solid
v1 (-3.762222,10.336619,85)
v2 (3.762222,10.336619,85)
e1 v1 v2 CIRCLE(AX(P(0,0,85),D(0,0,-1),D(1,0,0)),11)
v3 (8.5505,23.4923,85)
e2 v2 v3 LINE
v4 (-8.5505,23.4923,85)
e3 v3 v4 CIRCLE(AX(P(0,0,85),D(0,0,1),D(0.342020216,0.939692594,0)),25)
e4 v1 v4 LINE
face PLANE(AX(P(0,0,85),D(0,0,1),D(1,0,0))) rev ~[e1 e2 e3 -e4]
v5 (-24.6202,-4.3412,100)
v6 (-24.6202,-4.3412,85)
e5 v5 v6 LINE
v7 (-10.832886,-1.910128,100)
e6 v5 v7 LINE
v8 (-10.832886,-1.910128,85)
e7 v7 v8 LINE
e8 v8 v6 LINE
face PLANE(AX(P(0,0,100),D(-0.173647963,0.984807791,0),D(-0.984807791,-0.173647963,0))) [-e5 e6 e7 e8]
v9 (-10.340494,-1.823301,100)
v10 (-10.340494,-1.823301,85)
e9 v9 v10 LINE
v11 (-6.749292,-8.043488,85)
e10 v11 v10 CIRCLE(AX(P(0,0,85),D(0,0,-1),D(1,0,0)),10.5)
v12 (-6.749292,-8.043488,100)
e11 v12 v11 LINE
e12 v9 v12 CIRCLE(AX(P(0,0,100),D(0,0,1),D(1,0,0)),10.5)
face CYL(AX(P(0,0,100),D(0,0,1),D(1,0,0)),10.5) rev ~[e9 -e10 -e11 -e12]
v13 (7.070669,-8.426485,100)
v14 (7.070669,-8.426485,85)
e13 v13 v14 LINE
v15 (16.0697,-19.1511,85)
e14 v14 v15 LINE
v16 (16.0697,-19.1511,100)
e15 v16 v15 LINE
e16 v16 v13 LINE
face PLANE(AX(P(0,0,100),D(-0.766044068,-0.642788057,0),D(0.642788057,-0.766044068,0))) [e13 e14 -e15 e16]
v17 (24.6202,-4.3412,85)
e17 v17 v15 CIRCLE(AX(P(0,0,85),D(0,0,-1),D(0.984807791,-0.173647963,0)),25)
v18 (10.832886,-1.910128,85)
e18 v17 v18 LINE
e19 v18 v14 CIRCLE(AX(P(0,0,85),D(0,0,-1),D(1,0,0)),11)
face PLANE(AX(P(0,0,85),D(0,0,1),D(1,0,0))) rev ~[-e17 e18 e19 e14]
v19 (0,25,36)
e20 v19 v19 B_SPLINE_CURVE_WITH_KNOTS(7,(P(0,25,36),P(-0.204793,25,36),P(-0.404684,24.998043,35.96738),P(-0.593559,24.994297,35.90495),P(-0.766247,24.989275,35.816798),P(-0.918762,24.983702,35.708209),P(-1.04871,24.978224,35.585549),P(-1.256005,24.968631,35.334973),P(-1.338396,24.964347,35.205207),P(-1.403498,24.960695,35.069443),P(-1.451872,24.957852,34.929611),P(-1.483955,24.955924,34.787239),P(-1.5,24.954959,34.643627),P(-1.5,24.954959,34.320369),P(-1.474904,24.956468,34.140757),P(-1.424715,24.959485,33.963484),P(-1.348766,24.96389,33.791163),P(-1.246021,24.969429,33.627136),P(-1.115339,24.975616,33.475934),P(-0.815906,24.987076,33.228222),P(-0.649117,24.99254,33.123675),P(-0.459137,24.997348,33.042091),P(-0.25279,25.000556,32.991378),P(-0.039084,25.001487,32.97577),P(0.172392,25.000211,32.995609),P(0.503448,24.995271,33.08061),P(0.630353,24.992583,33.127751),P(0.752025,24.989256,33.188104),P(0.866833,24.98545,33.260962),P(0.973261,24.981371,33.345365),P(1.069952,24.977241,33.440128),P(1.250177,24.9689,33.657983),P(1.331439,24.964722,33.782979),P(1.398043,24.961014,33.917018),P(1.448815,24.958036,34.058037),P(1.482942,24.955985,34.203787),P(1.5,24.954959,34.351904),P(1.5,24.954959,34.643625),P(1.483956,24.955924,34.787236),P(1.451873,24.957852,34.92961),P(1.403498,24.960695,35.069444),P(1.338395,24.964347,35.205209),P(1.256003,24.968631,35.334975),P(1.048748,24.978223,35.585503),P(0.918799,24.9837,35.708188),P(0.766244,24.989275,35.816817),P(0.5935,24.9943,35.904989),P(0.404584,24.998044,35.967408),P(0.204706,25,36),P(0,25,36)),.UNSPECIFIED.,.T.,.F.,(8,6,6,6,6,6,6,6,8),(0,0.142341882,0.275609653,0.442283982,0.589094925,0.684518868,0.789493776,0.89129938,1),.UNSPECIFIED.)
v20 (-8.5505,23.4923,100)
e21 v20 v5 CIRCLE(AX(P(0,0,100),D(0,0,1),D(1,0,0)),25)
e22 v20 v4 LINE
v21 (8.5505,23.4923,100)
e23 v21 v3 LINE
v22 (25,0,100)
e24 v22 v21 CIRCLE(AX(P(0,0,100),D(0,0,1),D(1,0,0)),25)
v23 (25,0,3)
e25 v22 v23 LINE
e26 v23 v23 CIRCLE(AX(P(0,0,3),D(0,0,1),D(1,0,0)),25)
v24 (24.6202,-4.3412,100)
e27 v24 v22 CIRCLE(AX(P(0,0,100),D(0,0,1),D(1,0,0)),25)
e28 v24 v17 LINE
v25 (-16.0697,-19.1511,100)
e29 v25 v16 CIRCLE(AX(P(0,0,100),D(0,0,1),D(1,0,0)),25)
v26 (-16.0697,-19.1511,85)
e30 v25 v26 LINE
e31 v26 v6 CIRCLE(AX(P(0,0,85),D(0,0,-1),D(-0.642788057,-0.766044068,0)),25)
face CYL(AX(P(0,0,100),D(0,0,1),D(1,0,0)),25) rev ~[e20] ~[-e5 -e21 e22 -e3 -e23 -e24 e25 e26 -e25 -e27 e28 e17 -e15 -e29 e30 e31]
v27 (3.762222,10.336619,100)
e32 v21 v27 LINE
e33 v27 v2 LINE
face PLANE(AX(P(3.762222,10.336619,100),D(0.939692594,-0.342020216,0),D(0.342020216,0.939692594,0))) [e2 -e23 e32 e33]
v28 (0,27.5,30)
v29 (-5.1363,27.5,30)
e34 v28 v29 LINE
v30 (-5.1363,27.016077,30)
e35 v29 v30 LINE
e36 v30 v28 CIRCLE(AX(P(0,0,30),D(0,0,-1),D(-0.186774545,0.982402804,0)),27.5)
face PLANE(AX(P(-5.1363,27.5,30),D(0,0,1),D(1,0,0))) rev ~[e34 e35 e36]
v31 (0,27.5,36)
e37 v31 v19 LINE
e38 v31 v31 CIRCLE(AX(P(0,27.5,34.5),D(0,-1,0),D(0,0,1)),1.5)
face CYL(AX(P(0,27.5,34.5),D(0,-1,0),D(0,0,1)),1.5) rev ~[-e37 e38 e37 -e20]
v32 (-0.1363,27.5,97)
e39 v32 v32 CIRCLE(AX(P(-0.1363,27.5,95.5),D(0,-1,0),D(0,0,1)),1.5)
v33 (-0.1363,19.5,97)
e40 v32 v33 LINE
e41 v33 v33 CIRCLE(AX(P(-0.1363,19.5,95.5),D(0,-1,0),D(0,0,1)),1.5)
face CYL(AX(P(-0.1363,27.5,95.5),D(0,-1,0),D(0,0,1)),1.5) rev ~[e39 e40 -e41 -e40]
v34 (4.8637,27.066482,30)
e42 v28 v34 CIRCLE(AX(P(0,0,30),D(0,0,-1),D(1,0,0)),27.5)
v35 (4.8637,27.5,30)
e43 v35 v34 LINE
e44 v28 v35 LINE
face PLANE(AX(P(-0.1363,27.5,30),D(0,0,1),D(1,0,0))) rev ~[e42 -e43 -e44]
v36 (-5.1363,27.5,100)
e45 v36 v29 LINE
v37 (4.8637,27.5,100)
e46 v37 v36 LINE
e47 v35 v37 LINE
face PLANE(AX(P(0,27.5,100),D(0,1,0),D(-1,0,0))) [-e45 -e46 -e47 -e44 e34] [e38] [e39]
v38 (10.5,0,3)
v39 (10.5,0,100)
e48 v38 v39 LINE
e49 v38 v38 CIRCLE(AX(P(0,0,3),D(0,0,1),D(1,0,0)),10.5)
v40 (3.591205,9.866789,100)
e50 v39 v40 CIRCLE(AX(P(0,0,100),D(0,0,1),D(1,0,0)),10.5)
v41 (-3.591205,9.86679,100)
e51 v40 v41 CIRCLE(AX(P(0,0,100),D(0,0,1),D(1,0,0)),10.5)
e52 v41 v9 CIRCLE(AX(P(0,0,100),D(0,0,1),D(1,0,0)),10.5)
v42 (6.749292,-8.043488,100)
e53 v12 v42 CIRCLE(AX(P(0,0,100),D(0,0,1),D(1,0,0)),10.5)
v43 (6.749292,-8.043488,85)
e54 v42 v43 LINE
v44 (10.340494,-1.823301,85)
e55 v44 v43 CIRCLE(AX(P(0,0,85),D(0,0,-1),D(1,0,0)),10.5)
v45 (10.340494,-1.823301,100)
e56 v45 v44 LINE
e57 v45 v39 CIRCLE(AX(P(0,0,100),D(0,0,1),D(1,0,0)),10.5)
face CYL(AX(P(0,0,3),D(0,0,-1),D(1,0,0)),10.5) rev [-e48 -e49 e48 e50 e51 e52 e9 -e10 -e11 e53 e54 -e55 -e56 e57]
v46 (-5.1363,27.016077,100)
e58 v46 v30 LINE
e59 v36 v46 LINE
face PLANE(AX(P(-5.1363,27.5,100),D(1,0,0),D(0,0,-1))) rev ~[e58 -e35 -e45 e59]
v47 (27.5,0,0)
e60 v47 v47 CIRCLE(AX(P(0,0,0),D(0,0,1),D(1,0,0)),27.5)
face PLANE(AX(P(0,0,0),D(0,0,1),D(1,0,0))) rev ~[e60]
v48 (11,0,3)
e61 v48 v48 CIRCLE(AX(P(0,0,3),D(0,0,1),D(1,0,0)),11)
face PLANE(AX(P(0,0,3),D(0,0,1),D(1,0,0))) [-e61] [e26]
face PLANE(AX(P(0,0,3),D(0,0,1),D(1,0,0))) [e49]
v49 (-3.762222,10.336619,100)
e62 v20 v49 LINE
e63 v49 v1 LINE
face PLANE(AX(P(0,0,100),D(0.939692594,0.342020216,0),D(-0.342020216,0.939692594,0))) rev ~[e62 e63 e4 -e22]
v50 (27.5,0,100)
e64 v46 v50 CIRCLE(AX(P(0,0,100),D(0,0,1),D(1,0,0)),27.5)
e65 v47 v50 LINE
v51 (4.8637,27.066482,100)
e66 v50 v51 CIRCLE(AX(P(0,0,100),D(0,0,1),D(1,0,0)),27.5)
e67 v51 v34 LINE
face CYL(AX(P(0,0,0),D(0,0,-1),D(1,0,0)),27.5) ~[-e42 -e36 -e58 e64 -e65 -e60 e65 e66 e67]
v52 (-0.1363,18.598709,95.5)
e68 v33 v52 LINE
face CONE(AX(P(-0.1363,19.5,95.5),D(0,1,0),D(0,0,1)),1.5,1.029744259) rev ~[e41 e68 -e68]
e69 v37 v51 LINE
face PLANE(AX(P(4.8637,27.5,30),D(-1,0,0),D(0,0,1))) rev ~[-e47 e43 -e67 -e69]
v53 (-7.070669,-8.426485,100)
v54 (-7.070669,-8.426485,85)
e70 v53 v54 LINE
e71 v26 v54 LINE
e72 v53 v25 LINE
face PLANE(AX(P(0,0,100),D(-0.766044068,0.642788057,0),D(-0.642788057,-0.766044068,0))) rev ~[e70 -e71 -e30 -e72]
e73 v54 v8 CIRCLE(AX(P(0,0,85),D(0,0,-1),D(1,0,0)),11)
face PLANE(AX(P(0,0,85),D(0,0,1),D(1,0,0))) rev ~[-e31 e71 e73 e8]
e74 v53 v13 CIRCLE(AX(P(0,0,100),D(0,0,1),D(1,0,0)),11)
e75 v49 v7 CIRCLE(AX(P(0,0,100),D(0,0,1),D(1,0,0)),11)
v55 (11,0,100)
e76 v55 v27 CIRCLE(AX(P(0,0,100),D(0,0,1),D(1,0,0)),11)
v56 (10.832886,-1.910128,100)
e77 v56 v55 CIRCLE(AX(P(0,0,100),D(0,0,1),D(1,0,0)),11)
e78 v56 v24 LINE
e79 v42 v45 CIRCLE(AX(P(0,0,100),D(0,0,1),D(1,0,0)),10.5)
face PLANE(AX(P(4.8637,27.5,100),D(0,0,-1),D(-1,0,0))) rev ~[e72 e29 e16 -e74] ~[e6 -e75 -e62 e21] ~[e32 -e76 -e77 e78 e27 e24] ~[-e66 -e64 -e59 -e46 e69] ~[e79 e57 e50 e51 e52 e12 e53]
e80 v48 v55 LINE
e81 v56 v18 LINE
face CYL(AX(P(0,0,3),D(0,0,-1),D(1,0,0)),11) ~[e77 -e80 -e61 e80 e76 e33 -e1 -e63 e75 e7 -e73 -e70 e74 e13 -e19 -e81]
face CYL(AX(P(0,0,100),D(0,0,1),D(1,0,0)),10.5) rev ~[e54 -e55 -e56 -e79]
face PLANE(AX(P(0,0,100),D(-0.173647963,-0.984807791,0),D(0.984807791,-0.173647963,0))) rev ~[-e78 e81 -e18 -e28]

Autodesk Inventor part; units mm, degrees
ref_plane "YZ Plane" through (0, 0, 0) normal (1, 0, 0) x (0, 1, 0)
ref_plane "XZ Plane" through (0, 0, 0) normal (0, 1, 0) x (-1, 0, 0)
ref_plane "XY Plane" through (0, 0, 0) normal (0, 0, 1) x (1, 0, 0)
sketch "スケッチ1" plane through (0, 0, 0) normal (0, 0, 1) x (1, 0, 0)
  circle A0 centre (0, 0) radius 27.5
  dimension "d0" = 55
extrude "押し出し1" add sketch "スケッチ1" along normal blind 100
sketch "スケッチ2" plane through (0, 0, 100) normal (0, 0, 1) x (1, 0, 0)
  circle A0 centre (0, 0) radius 27.5 projected
  circle A1 centre (0, 0) radius 25
  dimension "d3" = 50
extrude "押し出し2" cut sketch "スケッチ2" against normal blind 97 contours A1
sketch "スケッチ3" plane through (0, 0, 3) normal (0, 0, 1) x (1, 0, 0)
  circle A0 centre (0, 0) radius 25 projected
  circle A1 centre (0, 0) radius 10.5
  circle A2 centre (0, 0) radius 11
  dimension "d6" = 21
  dimension "d7" = 22
extrude "押し出し3" add sketch "スケッチ3" along normal blind 97 contours A2
sketch "スケッチ4" plane through (0, 0, 100) normal (0, 0, 1) x (1, 0, 0)
  circle A0 centre (0, 0) radius 25 projected
  circle A1 centre (0, 0) radius 27.5 projected
  circle A2 centre (0, 0) radius 11
  line L0 (0, 0) -> (0, 25)
  line L1 (0, 0) -> (8.5505, 23.4923)
  line L2 (0, 0) -> (25, 0) construction
  line L3 (0, 0) -> (-8.5505, 23.4923)
  line L4 (0, 0) -> (25, 0) construction
  line L5 (0, 0) -> (-21.6506, -12.5)
  line L6 (0, 0) -> (25, 0) construction
  line L7 (0, 0) -> (21.6506, -12.5)
  line L8 (0, 0) -> (25, 0) construction
  line L9 (0, 0) -> (-16.0697, -19.1511)
  line L10 (0, 0) -> (25, 0) construction
  line L11 (0, 0) -> (-24.6202, -4.3412)
  line L12 (0, 0) -> (25, 0) construction
  line L13 (0, 0) -> (24.6202, -4.3412)
  line L14 (0, 0) -> (25, 0) construction
  line L15 (0, 0) -> (16.0697, -19.1511)
  line L16 (0, 0) -> (25, 0) construction
  dimension "d10" = 22
  dimension "d11" = 70
  dimension "d12" = 110
  dimension "d13" = 150
  dimension "d14" = 30
  dimension "d15" = 130
  dimension "d16" = 170
  dimension "d17" = 10
  dimension "d18" = 50
extrude "押し出し4" add sketch "スケッチ4" against normal blind 15 contours L1 A2 L0 A0 | A0 L7 A2 L13 | L0 A2 L3 A0 | L1 L0 A2 | A0 L15 A2 L7 | A2 L7 L13 | L0 L3 A2 | L9 A2 L5 | L5 A2 L11 | L7 A2 L15 | L11 A2 L5 A0 | A2 L9 A0 L5
sketch "スケッチ5" plane through (0, 0, 100) normal (0, 0, 1) x (1, 0, 0)
  arc A0 (-6.7493, -8.0435) -> (6.7493, -8.0435) centre (0, 0) ccw projected
  line L0 (-6.7493, -8.0435) -> (0, 0) projected
  line L1 (0, 0) -> (-10.3405, -1.8233) projected
  arc A1 (-3.5912, 9.8668) -> (-10.3405, -1.8233) centre (0, 0) ccw projected
  line L2 (-3.5912, 9.8668) -> (0, 0) projected
  line L3 (0, 0) -> (3.5912, 9.8668) projected
  arc A2 (10.3405, -1.8233) -> (3.5912, 9.8668) centre (0, 0) ccw projected
  line L4 (10.3405, -1.8233) -> (0, 0) projected
  line L5 (0, 0) -> (6.7493, -8.0435) projected
  circle A3 centre (0, 0) radius 27.5 projected
  circle A4 centre (0, 0) radius 10.5
extrude "押し出し5" cut sketch "スケッチ5" against normal blind 15 contours A4 L1 L0 | L5 L4 A4 | L2 A4 L3
sketch "スケッチ6" plane through (0, 0, 100) normal (0, 0, 1) x (1, 0, 0)
  circle A0 centre (0, 0) radius 27.5 projected
  line L0 (24.6202, -4.3412) -> (10.8329, -1.9101) projected
  arc A1 (10.8329, -1.9101) -> (3.7622, 10.3366) centre (0, 0) ccw projected
  line L1 (3.7622, 10.3366) -> (8.5505, 23.4923) projected
  arc A2 (24.6202, -4.3412) -> (8.5505, 23.4923) centre (0, 0) ccw projected
  arc A3 (-8.5505, 23.4923) -> (-24.6202, -4.3412) centre (0, 0) ccw projected
  line L2 (-8.5505, 23.4923) -> (-3.7622, 10.3366) projected
  arc A4 (-3.7622, 10.3366) -> (-10.8329, -1.9101) centre (0, 0) ccw projected
  line L3 (-10.8329, -1.9101) -> (-24.6202, -4.3412) projected
  arc A5 (-16.0697, -19.1511) -> (16.0697, -19.1511) centre (0, 0) ccw projected
  line L4 (-16.0697, -19.1511) -> (-7.0707, -8.4265) projected
  arc A6 (-7.0707, -8.4265) -> (7.0707, -8.4265) centre (0, 0) ccw projected
  line L5 (7.0707, -8.4265) -> (16.0697, -19.1511) projected
  circle A7 centre (0, 0) radius 10.5 projected
  point P0 (0, 27.5)
ref_plane "作業平面1" through (0, 27.5, 100) normal (0, 1, 0) x (-1, 0, 0)
sketch "スケッチ8" plane through (0, 27.5, 100) normal (0, 1, 0) x (-1, 0, 0)
  line L0 (-4.8637, 0) -> (5.1363, 0)
  line L1 (5.1363, 0) -> (5.1363, -70)
  line L2 (5.1363, -70) -> (-4.8637, -70)
  line L3 (-4.8637, -70) -> (-4.8637, 0)
  line L4 (27.5, 0) -> (-27.5, 0) projected
  line L5 (0, 0) -> (0, -6)
  line L6 (0.1363, -70) -> (0.1363, -64)
  point P0 (0, -100)
  dimension "d27" = 10
  dimension "d28" = 70
  dimension "d29" = 0
  dimension "d30" = 6
  dimension "d31" = 6
extrude "押し出し6" add sketch "スケッチ8" against normal blind 1
sketch "スケッチ9" plane through (0, 27.5, 100) normal (0, 1, 0) x (1, 0, 0)
  line L0 (4.8637, 0) -> (-5.1363, 0) projected
  line L1 (-5.1363, 0) -> (-5.1363, 70) projected
  line L2 (0, 70) -> (0, 65.5)
  line L3 (-0.1363, 0) -> (-0.1363, 4.5)
  point P0 (0, 100)
  dimension "d34" = 4.5
  dimension "d35" = 4.5
hole "穴1" at (0, 27.5, 34.5) at (-0.1363, 27.5, 95.5) direction (0, -1, 0) diameter 3 depth 8 tip angle 118
thread "ねじ1" size "M3x0.5" class "6H" standard "ANSI Metric M Profile" full length
thread "ねじ2" size "M3x0.5" class "6H" standard "ANSI Metric M Profile" full length
sketch "スケッチ10" plane through (0, 27.5, 100) normal (0, 1, 0) x (1, 0, 0)
  circle A0 centre (0, 65.5) radius 1.5 projected
  circle A1 centre (-0.1363, 4.5) radius 1.5 projected
  line L0 (4.8637, 0) -> (-5.1363, 0) projected
  line L1 (4.8637, 70) -> (4.8637, 0) projected
  line L2 (0, 70) -> (4.8637, 70) projected
  line L3 (-5.1363, 70) -> (0, 70) projected
  line L4 (-5.1363, 0) -> (-5.1363, 70) projected
  point P0 (0, 100)
properties part number "知能ロボコンシリンダ" material "ABS プラスチック"
